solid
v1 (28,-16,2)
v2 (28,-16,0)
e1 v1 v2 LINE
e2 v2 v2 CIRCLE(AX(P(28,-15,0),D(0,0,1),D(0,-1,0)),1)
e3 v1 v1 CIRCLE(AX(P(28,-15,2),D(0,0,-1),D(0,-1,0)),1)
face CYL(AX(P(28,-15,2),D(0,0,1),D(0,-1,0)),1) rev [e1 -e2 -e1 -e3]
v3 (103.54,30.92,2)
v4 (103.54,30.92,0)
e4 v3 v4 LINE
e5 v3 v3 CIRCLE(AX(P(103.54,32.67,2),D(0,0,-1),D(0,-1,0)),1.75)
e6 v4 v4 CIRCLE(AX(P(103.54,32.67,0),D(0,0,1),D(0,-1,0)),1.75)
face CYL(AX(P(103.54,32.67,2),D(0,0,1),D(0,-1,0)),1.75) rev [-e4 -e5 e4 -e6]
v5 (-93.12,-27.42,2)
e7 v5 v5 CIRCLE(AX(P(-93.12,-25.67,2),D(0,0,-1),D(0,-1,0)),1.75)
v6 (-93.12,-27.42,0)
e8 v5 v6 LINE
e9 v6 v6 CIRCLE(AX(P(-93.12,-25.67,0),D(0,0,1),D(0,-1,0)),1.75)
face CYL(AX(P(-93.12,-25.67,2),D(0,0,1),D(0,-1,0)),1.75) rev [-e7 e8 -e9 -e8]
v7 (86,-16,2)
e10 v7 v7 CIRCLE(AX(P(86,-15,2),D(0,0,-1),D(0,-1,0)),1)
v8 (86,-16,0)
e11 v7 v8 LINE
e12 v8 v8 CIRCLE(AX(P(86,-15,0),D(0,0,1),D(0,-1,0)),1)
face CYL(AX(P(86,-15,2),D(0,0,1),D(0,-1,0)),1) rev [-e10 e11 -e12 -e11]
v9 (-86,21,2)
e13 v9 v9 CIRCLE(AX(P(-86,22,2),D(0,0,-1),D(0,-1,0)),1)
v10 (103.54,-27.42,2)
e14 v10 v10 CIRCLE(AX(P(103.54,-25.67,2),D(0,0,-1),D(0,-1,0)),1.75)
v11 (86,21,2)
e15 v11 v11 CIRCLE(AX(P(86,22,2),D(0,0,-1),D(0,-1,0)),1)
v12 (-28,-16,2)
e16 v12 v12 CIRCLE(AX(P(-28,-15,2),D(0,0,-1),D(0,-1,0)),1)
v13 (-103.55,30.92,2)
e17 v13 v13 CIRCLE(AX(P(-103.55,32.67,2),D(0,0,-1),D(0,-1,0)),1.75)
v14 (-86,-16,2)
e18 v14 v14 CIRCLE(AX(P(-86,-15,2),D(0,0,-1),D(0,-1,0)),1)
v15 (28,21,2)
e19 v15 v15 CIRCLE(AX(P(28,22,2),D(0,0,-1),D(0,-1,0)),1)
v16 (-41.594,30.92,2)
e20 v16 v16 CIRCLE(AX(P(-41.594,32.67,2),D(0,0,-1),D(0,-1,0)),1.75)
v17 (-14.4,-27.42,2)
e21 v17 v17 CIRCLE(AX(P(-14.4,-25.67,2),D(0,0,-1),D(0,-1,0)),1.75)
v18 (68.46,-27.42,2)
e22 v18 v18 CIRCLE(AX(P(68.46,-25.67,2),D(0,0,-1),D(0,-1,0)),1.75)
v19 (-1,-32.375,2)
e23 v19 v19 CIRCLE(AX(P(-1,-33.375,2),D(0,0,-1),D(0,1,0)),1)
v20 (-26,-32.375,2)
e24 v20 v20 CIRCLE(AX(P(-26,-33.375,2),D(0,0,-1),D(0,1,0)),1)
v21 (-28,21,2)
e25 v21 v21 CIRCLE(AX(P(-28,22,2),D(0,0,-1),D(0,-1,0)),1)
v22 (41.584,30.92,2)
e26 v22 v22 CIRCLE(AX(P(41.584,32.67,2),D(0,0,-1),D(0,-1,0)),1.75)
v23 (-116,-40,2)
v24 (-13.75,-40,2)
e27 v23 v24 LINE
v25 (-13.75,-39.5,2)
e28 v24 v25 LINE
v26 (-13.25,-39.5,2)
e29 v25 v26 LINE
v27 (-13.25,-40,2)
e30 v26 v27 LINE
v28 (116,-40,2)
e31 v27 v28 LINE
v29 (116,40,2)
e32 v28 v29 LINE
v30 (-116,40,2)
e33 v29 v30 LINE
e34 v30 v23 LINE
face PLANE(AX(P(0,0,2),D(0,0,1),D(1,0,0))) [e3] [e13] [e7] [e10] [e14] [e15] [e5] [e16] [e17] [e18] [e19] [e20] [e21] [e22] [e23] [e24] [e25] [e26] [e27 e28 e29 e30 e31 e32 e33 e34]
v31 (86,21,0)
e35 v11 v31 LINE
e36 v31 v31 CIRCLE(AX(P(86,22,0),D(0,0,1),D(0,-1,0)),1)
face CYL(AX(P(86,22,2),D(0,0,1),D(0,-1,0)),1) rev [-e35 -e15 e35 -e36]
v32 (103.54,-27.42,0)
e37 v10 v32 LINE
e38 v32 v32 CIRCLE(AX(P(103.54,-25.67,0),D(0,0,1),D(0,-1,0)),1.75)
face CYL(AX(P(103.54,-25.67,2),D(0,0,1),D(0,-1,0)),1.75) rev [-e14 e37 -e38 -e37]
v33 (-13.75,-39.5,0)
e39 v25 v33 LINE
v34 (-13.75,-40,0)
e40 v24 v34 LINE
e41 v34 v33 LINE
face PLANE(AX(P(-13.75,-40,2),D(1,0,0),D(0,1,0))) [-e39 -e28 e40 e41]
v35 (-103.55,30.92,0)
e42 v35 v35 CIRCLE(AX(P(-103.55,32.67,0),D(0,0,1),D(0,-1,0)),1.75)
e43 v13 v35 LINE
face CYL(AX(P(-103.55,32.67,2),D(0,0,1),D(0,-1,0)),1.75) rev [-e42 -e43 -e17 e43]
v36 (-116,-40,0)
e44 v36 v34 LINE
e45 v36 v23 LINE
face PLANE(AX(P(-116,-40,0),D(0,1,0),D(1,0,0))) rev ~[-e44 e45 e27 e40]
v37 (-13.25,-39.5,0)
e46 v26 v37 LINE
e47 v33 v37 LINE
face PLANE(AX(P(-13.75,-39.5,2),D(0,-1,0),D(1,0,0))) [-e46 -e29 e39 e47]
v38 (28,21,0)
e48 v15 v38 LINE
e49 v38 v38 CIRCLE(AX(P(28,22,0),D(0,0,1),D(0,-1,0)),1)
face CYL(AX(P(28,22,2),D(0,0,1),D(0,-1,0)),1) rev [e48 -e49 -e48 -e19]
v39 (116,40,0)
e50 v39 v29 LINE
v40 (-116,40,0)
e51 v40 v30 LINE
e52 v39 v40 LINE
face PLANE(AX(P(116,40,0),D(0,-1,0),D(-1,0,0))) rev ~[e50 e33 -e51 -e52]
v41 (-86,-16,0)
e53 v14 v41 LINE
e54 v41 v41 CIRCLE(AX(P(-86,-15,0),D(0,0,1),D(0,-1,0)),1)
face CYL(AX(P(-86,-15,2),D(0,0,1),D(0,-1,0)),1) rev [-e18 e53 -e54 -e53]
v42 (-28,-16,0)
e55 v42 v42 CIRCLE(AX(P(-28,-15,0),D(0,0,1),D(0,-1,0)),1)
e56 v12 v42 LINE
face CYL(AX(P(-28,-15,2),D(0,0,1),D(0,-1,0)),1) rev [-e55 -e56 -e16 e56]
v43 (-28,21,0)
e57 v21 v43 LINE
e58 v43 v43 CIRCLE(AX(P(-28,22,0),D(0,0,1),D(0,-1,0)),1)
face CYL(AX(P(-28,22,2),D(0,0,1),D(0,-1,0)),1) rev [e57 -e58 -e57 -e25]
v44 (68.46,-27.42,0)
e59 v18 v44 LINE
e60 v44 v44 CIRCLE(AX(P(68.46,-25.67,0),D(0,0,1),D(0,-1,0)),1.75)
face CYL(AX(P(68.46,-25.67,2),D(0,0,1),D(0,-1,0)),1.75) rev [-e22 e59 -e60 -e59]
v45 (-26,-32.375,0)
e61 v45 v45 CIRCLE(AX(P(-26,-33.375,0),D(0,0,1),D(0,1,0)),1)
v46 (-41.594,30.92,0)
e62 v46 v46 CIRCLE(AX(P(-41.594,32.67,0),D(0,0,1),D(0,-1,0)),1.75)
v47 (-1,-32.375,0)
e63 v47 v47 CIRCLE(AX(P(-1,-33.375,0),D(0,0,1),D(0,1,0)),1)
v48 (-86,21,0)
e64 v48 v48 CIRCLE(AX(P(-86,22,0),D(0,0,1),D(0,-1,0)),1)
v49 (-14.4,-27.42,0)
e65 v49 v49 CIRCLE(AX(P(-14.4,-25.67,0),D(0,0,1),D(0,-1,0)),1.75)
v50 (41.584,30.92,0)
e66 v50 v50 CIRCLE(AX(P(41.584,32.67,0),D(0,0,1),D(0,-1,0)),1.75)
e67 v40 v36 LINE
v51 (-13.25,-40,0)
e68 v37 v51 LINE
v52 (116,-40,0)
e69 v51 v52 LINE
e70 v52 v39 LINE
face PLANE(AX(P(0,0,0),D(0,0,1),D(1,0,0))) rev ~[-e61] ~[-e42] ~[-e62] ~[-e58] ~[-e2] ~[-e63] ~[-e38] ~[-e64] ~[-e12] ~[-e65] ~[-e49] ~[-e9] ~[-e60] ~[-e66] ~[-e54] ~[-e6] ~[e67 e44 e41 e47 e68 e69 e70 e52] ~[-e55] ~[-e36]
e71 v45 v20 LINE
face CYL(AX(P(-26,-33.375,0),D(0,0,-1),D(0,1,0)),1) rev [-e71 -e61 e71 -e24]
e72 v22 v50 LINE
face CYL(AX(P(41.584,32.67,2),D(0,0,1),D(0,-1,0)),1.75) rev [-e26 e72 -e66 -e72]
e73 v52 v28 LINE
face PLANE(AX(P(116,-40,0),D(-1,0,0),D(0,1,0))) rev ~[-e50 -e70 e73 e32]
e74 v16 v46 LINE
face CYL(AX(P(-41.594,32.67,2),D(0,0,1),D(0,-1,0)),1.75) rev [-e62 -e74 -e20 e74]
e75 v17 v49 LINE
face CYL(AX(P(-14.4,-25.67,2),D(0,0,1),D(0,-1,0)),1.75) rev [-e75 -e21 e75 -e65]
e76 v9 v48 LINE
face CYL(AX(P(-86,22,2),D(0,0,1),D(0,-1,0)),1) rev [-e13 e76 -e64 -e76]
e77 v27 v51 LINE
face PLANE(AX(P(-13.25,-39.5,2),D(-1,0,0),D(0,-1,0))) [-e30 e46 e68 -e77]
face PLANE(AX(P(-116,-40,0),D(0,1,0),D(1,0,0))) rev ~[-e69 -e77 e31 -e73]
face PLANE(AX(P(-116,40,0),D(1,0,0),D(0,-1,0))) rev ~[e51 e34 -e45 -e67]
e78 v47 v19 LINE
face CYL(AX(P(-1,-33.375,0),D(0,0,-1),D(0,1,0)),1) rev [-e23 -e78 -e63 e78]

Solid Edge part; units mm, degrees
sketch "Sketch1" plane through (0, 0, 0) normal (0, 0, 1) x (1, 0, 0)
  line L0 (-116, -40) -> (116, -40)
  line L1 (116, -40) -> (116, 40)
  line L2 (116, 40) -> (-116, 40)
  line L3 (-116, 40) -> (-116, -40)
  dimension "D1" = 80
  dimension "D2" = 232
extrude "Protrusion1" add sketch "Sketch1" along normal blind 2
hole "Hole1" at (-26, -33.375, 0) direction (0, 0, 1) diameter 2 end up to next
hole "Hole2" at (-1, -33.375, 0) direction (0, 0, 1) diameter 2 end up to next
hole "Hole3" at (-28, 22, 2) direction (0, 0, -1) diameter 2 end through all
hole "Hole4" at (28, 22, 2) direction (0, 0, -1) diameter 2 end through all
hole "Hole5" at (86, 22, 2) direction (0, 0, -1) diameter 2 end through all
hole "Hole6" at (86, -15, 2) direction (0, 0, -1) diameter 2 end through all
hole "Hole7" at (28, -15, 2) direction (0, 0, -1) diameter 2 end through all
hole "Hole8" at (-28, -15, 2) direction (0, 0, -1) diameter 2 end through all
hole "Hole9" at (-86, -15, 2) direction (0, 0, -1) diameter 2 end through all
hole "Hole10" at (-86, 22, 2) direction (0, 0, -1) diameter 2 end through all
sketch "Sketch2" plane through (0, 0, 2) normal (0, 0, 1) x (1, 0, 0)
  line L0 (-13.75, -40) -> (-13.25, -40)
  line L1 (-13.25, -39.5) -> (-13.25, -40)
  line L2 (-13.75, -39.5) -> (-13.25, -39.5)
  line L3 (-13.75, -40) -> (-13.75, -39.5)
  dimension "D1" = 0.5
extrude "Cutout1" cut sketch "Sketch2" against normal through all
hole "Hole11" at (-14.4, -25.67, 2) direction (0, 0, -1) diameter 3.5 end through all
hole "Hole12" at (-103.55, 32.67, 2) direction (0, 0, -1) diameter 3.5 end through all
hole "Hole13" at (103.54, -25.67, 2) direction (0, 0, -1) diameter 3.5 end through all
hole "Hole14" at (68.46, -25.67, 2) direction (0, 0, -1) diameter 3.5 end through all
hole "Hole15" at (103.54, 32.67, 2) direction (0, 0, -1) diameter 3.5 end through all
hole "Hole16" at (-41.594, 32.67, 2) direction (0, 0, -1) diameter 3.5 end through all
hole "Hole17" at (41.584, 32.67, 2) direction (0, 0, -1) diameter 3.5 end through all
hole "Hole18" at (-93.12, -25.67, 2) direction (0, 0, -1) diameter 3.5 end through all
